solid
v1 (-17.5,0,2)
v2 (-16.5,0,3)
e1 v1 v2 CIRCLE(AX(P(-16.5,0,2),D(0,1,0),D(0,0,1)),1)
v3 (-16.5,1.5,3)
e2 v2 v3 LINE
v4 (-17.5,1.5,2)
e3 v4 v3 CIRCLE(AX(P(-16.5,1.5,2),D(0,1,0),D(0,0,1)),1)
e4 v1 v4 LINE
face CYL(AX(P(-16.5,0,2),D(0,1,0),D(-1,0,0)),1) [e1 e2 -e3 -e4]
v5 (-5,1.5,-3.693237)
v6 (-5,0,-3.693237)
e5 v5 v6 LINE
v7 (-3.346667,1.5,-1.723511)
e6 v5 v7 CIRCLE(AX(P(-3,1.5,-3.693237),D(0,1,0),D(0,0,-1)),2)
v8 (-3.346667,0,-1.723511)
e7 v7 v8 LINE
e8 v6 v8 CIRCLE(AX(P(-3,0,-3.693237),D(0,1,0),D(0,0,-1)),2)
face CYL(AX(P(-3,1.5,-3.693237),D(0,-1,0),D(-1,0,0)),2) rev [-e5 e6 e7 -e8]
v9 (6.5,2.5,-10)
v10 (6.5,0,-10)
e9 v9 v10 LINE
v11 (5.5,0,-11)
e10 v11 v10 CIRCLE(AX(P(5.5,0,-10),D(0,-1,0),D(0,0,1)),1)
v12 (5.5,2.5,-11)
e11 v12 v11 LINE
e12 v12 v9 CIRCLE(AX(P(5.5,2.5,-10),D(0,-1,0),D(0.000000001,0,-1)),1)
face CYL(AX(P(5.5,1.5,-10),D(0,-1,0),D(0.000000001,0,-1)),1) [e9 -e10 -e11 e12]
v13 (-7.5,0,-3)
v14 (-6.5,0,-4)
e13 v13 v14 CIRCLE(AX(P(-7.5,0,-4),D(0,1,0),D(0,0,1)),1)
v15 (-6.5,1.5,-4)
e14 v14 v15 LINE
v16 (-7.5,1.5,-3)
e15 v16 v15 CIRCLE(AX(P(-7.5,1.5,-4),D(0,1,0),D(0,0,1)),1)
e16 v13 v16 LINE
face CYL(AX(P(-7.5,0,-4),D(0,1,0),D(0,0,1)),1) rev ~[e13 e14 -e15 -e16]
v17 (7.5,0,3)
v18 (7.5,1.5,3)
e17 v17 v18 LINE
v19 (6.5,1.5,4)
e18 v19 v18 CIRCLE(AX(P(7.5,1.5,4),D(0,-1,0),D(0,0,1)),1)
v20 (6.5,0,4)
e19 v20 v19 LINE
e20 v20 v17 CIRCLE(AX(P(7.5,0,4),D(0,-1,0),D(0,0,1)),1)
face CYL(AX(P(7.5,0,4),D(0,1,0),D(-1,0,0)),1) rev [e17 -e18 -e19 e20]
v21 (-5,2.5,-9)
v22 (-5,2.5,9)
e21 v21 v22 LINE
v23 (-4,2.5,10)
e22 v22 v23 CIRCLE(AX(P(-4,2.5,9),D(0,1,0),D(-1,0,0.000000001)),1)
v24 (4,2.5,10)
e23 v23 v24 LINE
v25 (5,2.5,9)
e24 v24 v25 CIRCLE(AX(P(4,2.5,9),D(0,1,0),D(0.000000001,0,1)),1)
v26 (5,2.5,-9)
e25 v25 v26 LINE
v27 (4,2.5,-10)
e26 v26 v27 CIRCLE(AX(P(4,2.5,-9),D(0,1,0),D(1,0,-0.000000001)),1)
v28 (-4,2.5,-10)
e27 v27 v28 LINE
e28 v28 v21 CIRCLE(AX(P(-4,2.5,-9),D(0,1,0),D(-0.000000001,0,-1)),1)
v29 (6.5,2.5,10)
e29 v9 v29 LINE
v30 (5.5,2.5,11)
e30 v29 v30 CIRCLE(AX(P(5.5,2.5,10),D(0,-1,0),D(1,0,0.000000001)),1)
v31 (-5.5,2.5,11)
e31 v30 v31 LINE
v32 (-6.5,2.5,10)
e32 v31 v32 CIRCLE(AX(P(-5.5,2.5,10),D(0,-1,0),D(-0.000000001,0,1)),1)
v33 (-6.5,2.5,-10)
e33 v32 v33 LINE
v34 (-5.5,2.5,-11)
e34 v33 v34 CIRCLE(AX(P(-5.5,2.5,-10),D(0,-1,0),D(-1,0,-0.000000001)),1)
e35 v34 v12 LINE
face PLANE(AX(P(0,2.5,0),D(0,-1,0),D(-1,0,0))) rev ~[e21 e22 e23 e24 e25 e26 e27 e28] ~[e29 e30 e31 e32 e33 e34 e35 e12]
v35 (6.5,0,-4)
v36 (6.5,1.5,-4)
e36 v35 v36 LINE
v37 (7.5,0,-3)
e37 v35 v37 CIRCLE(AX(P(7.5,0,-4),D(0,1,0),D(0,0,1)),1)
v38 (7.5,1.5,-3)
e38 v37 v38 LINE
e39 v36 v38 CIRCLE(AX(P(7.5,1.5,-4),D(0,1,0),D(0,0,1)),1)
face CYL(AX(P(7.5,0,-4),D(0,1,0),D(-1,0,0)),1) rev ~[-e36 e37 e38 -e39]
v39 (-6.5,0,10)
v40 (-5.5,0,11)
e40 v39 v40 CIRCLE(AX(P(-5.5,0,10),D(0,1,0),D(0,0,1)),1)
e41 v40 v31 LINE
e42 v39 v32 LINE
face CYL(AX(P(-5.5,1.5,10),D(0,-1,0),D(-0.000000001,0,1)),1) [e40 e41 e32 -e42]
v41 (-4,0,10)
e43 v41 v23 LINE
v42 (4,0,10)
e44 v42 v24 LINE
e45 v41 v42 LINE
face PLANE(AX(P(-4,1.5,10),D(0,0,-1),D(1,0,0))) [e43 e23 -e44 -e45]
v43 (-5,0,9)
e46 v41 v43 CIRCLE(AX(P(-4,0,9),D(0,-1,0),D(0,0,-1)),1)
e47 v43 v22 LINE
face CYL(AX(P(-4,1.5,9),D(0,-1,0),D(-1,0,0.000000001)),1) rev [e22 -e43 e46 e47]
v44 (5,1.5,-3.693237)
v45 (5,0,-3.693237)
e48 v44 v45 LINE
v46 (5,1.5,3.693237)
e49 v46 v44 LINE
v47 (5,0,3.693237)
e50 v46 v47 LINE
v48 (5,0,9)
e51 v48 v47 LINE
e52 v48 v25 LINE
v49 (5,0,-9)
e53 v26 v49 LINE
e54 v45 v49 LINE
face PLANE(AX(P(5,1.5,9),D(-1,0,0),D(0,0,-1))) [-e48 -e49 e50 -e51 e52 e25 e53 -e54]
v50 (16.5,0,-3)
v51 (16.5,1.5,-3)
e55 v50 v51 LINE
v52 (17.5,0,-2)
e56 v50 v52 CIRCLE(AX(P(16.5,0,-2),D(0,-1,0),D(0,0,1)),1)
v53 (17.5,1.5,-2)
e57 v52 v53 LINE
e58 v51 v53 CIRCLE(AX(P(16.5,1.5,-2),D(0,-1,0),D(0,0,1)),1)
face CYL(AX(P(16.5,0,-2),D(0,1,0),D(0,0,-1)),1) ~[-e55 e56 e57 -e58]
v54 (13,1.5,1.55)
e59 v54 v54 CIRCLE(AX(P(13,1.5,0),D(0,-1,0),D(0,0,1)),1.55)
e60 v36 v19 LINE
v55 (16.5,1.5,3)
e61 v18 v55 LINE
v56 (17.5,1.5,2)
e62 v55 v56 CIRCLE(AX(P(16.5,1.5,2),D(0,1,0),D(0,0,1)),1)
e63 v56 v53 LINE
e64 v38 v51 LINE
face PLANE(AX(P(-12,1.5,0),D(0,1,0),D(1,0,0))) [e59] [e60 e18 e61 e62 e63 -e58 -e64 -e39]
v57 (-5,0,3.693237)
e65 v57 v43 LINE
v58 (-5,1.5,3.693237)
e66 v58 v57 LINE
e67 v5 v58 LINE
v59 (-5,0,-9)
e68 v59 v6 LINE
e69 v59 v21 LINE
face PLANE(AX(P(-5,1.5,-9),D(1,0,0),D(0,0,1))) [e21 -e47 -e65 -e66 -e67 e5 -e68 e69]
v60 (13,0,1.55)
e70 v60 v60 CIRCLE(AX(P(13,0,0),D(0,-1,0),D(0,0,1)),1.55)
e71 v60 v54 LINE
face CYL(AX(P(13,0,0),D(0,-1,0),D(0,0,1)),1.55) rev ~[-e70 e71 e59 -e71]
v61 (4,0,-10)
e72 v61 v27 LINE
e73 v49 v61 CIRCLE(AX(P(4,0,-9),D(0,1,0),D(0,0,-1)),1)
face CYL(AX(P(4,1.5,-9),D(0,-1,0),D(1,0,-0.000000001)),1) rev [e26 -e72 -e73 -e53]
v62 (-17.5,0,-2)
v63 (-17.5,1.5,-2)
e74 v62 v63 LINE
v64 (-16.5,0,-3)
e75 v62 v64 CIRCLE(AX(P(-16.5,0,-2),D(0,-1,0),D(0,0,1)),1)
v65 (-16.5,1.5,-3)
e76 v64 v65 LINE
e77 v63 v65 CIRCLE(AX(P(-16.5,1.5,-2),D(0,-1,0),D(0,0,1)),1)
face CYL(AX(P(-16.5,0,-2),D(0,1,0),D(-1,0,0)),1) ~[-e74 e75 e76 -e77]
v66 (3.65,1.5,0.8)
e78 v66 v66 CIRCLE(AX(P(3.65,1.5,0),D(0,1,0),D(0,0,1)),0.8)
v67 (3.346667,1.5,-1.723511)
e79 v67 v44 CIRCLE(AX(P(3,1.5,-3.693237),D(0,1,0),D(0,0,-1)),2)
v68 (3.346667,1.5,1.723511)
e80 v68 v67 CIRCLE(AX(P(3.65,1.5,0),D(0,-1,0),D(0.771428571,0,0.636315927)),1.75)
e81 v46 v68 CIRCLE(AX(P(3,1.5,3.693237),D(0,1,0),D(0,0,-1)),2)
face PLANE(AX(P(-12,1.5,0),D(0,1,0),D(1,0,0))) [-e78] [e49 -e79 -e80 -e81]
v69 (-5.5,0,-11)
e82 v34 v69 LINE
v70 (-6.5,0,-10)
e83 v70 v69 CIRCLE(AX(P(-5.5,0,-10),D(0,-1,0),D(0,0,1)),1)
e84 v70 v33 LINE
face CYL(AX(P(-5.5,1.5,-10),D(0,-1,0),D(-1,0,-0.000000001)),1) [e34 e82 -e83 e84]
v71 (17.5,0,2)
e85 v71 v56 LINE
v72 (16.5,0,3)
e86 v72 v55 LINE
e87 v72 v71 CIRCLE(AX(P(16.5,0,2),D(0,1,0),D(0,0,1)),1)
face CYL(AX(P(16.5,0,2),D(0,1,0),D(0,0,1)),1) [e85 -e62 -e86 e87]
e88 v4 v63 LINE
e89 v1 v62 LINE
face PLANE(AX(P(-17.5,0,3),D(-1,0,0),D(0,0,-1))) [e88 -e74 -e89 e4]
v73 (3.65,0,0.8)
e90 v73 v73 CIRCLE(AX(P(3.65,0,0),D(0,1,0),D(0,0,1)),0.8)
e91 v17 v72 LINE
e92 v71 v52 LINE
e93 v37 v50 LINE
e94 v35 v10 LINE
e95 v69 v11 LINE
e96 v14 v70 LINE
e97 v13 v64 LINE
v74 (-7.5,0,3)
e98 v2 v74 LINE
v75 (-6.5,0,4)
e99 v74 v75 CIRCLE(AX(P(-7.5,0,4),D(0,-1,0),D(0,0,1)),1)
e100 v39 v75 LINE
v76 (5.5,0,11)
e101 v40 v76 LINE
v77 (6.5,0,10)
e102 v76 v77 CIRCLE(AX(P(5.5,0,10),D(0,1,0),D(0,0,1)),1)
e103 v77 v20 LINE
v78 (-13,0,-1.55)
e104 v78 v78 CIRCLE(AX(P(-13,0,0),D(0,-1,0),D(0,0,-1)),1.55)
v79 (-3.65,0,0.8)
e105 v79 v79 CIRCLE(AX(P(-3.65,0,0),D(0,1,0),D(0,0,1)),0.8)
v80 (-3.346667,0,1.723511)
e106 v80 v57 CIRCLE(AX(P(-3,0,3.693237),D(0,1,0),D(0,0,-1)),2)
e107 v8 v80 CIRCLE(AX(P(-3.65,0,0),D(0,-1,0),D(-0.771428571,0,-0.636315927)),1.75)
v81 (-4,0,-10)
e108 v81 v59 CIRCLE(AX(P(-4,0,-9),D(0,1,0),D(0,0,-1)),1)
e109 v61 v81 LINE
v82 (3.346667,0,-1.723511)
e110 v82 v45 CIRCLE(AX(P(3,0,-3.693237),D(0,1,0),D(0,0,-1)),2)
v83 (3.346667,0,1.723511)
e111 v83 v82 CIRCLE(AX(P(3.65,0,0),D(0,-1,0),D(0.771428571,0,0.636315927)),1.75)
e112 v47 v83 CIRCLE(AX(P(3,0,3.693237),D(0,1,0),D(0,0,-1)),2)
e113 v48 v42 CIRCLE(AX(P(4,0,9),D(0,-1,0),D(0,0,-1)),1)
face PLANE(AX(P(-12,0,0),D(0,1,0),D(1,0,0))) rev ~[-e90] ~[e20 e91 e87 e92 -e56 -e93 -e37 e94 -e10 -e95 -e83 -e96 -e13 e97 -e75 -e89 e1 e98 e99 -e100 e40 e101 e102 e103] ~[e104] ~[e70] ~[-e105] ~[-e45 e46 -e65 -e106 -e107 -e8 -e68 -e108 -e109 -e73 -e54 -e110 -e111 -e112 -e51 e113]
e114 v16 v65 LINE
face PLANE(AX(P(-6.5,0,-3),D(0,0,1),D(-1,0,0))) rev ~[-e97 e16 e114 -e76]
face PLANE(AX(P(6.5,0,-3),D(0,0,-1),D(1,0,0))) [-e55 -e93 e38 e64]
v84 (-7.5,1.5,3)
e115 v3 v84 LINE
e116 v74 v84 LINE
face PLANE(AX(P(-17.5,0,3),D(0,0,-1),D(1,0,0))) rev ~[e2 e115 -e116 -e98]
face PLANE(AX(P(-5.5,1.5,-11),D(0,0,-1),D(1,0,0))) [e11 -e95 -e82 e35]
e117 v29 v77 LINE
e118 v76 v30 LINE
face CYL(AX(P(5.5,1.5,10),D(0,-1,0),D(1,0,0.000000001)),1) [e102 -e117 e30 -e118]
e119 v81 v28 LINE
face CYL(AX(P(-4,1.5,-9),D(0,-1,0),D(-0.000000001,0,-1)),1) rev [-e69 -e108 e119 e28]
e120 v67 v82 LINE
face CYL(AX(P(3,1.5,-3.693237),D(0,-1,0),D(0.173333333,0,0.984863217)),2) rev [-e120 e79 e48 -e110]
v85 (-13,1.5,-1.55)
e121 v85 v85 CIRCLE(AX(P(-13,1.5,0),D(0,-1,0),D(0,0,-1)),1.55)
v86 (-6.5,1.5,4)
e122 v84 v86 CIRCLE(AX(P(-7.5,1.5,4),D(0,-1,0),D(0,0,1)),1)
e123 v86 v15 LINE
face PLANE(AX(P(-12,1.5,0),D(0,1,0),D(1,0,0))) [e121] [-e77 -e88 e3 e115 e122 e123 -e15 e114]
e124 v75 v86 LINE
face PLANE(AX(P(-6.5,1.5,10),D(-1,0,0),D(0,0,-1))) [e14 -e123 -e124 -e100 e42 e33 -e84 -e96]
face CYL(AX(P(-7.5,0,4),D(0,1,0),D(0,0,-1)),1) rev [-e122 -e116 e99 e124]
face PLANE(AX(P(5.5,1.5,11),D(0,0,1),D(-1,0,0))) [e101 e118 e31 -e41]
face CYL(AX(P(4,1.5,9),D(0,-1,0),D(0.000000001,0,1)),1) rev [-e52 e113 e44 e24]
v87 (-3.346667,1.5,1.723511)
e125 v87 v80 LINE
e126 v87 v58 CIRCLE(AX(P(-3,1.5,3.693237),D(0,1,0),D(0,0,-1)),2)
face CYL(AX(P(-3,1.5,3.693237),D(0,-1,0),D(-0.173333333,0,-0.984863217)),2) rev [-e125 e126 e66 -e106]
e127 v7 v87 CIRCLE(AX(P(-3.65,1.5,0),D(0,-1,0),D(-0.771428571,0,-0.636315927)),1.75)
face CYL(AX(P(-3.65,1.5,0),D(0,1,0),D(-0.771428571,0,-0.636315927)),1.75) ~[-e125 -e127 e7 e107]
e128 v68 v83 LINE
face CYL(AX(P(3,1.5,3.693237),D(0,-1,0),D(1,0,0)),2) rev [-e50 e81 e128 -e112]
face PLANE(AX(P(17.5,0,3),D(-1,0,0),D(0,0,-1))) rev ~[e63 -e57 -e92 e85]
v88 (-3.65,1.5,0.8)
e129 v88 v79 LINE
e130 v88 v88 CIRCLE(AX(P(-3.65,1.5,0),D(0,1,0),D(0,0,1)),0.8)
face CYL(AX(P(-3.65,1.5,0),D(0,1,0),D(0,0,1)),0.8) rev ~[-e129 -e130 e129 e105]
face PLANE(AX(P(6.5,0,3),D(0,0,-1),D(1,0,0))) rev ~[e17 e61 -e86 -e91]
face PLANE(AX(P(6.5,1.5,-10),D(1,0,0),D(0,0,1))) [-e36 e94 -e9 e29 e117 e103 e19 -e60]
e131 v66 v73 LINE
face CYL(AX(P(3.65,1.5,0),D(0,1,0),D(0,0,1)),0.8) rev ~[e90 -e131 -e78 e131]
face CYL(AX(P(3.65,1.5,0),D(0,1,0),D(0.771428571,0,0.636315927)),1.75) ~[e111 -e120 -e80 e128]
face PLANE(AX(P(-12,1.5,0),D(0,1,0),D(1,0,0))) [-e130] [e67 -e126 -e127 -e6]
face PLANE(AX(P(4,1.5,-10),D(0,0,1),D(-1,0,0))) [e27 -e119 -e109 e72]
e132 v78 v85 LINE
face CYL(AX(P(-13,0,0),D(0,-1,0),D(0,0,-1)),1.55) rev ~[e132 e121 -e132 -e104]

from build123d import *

# Parameters (mm, degrees)
SKETCH_1_W          = 11
SKETCH_1_H          = 6
SKETCH_1_W_2        = 13
SKETCH_1_H_2        = 8
EXTRUDE_1_DEPTH     = 1.5
CUT_EXTRUDE_1_DEPTH = 1.5
FILLET_1_R          = 2
FILLET_2_R          = 1
SKETCH_3_R          = 0.8
CUT_EXTRUDE_2_DEPTH = 10
EXTRUDE_2_DEPTH     = 1
SKETCH_5_R          = 1.55
CUT_EXTRUDE_3_DEPTH = 10


with BuildPart() as part:
    # 草图1 → 凸台-拉伸1 (new body)
    with BuildSketch(Plane(origin=(0, 0, 0), x_dir=(1, 0, 0), z_dir=(0, 1, 0))):
        with Locations((-12, 0)):
            Rectangle(SKETCH_1_W, SKETCH_1_H)
        with Locations((0, -7)):
            Rectangle(SKETCH_1_W_2, SKETCH_1_H_2)
        Rectangle(SKETCH_1_W_2, SKETCH_1_H)
        with Locations((0, 7)):
            Rectangle(SKETCH_1_W_2, SKETCH_1_H_2)
        with Locations((12, 0)):
            Rectangle(SKETCH_1_W, SKETCH_1_H)
    extrude(amount=EXTRUDE_1_DEPTH)

    # 草图2 → 切除-拉伸1 (cut)
    with BuildSketch(Plane(origin=(0, 1.5, 0), x_dir=(1, 0, 0), z_dir=(0, 1, 0))):
        with BuildLine():
            Line((-5, -10), (5, -10))
            Line((5, -10), (5, -1.113552873))
            ThreePointArc((5, -1.113552873), (1.9, 0), (5, 1.113552873))
            Line((5, 1.113552873), (5, 10))
            Line((5, 10), (-5, 10))
            Line((-5, 10), (-5, 1.113552873))
            ThreePointArc((-5, 1.113552873), (-1.9, 0), (-5, -1.113552873))
            Line((-5, -1.113552873), (-5, -10))
        make_face()
    extrude(amount=-CUT_EXTRUDE_1_DEPTH, mode=Mode.SUBTRACT)

    # 圆角1
    fillet_1_edges = [part.edges().sort_by_distance(p)[0] for p in [
        (5, 0.75, -1.113552873),
        (5, 0.75, 1.113552873),
        (-5, 0.75, 1.113552873),
        (-5, 0.75, -1.113552873),
    ]]
    fillet(fillet_1_edges, radius=FILLET_1_R)

    # 圆角2
    fillet_2_edges = [part.edges().sort_by_distance(p)[0] for p in [
        (-6.5, 0.75, -3),
        (-6.5, 0.75, -11),
        (6.5, 0.75, -11),
        (6.5, 0.75, -3),
        (17.5, 0.75, -3),
        (17.5, 0.75, 3),
        (6.5, 0.75, 3),
        (6.5, 0.75, 11),
        (-6.5, 0.75, 11),
        (-6.5, 0.75, 3),
        (-17.5, 0.75, 3),
        (-17.5, 0.75, -3),
        (5, 0.75, -10),
        (5, 0.75, 10),
        (-5, 0.75, 10),
        (-5, 0.75, -10),
    ]]
    fillet(fillet_2_edges, radius=FILLET_2_R)

    # 草图3 → 切除-拉伸2 (cut)
    with BuildSketch(Plane(origin=(0, 1.5, 0), x_dir=(1, 0, 0), z_dir=(0, 1, 0))):
        with Locations(Location((-3.65, 0, 0), (0, 0, 270))):
            Circle(SKETCH_3_R)
        with Locations(Location((3.65, 0, 0), (0, 0, 270))):
            Circle(SKETCH_3_R)
    extrude(amount=-CUT_EXTRUDE_2_DEPTH, mode=Mode.SUBTRACT)

    # 草图4 → 凸台-拉伸2 (add)
    with BuildSketch(Plane(origin=(0, 1.5, 0), x_dir=(1, 0, 0), z_dir=(0, 1, 0))):
        with BuildLine():
            Line((-6.5, -4), (-6.5, 4))
            Line((-6.5, 4), (-6.5, 10))
            ThreePointArc((-6.5, 10), (-6.207106781, 10.707106781), (-5.5, 11))
            Line((-5.5, 11), (5.5, 11))
            ThreePointArc((5.5, 11), (6.207106781, 10.707106781), (6.5, 10))
            Line((6.5, 10), (6.5, 4))
            Line((6.5, 4), (6.5, -4))
            Line((6.5, -4), (6.5, -10))
            ThreePointArc((6.5, -10), (6.207106781, -10.707106781), (5.5, -11))
            Line((5.5, -11), (-5.5, -11))
            ThreePointArc((-5.5, -11), (-6.207106781, -10.707106781), (-6.5, -10))
            Line((-6.5, -10), (-6.5, -4))
        make_face()
        with BuildLine():
            Line((5, -3.693237063), (5, 9))
            ThreePointArc((5, 9), (4.707106781, 9.707106781), (4, 10))
            Line((4, 10), (-4, 10))
            ThreePointArc((-4, 10), (-4.707106781, 9.707106781), (-5, 9))
            Line((-5, 9), (-5, -3.693237063))
            Line((-5, -3.693237063), (-5, -9))
            ThreePointArc((-5, -9), (-4.707106781, -9.707106781), (-4, -10))
            Line((-4, -10), (4, -10))
            ThreePointArc((4, -10), (4.707106781, -9.707106781), (5, -9))
            Line((5, -9), (5, -3.693237063))
        make_face(mode=Mode.SUBTRACT)
    extrude(amount=EXTRUDE_2_DEPTH)

    # 草图5 → 切除-拉伸3 (cut)
    with BuildSketch(Plane.XZ):
        with Locations(Location((-13, 0, 0), (0, 0, 270))):
            Circle(SKETCH_5_R)
        with Locations(Location((13, 0, 0), (0, 0, 90))):
            Circle(SKETCH_5_R)
    extrude(amount=-CUT_EXTRUDE_3_DEPTH, mode=Mode.SUBTRACT)


solid = part.part
